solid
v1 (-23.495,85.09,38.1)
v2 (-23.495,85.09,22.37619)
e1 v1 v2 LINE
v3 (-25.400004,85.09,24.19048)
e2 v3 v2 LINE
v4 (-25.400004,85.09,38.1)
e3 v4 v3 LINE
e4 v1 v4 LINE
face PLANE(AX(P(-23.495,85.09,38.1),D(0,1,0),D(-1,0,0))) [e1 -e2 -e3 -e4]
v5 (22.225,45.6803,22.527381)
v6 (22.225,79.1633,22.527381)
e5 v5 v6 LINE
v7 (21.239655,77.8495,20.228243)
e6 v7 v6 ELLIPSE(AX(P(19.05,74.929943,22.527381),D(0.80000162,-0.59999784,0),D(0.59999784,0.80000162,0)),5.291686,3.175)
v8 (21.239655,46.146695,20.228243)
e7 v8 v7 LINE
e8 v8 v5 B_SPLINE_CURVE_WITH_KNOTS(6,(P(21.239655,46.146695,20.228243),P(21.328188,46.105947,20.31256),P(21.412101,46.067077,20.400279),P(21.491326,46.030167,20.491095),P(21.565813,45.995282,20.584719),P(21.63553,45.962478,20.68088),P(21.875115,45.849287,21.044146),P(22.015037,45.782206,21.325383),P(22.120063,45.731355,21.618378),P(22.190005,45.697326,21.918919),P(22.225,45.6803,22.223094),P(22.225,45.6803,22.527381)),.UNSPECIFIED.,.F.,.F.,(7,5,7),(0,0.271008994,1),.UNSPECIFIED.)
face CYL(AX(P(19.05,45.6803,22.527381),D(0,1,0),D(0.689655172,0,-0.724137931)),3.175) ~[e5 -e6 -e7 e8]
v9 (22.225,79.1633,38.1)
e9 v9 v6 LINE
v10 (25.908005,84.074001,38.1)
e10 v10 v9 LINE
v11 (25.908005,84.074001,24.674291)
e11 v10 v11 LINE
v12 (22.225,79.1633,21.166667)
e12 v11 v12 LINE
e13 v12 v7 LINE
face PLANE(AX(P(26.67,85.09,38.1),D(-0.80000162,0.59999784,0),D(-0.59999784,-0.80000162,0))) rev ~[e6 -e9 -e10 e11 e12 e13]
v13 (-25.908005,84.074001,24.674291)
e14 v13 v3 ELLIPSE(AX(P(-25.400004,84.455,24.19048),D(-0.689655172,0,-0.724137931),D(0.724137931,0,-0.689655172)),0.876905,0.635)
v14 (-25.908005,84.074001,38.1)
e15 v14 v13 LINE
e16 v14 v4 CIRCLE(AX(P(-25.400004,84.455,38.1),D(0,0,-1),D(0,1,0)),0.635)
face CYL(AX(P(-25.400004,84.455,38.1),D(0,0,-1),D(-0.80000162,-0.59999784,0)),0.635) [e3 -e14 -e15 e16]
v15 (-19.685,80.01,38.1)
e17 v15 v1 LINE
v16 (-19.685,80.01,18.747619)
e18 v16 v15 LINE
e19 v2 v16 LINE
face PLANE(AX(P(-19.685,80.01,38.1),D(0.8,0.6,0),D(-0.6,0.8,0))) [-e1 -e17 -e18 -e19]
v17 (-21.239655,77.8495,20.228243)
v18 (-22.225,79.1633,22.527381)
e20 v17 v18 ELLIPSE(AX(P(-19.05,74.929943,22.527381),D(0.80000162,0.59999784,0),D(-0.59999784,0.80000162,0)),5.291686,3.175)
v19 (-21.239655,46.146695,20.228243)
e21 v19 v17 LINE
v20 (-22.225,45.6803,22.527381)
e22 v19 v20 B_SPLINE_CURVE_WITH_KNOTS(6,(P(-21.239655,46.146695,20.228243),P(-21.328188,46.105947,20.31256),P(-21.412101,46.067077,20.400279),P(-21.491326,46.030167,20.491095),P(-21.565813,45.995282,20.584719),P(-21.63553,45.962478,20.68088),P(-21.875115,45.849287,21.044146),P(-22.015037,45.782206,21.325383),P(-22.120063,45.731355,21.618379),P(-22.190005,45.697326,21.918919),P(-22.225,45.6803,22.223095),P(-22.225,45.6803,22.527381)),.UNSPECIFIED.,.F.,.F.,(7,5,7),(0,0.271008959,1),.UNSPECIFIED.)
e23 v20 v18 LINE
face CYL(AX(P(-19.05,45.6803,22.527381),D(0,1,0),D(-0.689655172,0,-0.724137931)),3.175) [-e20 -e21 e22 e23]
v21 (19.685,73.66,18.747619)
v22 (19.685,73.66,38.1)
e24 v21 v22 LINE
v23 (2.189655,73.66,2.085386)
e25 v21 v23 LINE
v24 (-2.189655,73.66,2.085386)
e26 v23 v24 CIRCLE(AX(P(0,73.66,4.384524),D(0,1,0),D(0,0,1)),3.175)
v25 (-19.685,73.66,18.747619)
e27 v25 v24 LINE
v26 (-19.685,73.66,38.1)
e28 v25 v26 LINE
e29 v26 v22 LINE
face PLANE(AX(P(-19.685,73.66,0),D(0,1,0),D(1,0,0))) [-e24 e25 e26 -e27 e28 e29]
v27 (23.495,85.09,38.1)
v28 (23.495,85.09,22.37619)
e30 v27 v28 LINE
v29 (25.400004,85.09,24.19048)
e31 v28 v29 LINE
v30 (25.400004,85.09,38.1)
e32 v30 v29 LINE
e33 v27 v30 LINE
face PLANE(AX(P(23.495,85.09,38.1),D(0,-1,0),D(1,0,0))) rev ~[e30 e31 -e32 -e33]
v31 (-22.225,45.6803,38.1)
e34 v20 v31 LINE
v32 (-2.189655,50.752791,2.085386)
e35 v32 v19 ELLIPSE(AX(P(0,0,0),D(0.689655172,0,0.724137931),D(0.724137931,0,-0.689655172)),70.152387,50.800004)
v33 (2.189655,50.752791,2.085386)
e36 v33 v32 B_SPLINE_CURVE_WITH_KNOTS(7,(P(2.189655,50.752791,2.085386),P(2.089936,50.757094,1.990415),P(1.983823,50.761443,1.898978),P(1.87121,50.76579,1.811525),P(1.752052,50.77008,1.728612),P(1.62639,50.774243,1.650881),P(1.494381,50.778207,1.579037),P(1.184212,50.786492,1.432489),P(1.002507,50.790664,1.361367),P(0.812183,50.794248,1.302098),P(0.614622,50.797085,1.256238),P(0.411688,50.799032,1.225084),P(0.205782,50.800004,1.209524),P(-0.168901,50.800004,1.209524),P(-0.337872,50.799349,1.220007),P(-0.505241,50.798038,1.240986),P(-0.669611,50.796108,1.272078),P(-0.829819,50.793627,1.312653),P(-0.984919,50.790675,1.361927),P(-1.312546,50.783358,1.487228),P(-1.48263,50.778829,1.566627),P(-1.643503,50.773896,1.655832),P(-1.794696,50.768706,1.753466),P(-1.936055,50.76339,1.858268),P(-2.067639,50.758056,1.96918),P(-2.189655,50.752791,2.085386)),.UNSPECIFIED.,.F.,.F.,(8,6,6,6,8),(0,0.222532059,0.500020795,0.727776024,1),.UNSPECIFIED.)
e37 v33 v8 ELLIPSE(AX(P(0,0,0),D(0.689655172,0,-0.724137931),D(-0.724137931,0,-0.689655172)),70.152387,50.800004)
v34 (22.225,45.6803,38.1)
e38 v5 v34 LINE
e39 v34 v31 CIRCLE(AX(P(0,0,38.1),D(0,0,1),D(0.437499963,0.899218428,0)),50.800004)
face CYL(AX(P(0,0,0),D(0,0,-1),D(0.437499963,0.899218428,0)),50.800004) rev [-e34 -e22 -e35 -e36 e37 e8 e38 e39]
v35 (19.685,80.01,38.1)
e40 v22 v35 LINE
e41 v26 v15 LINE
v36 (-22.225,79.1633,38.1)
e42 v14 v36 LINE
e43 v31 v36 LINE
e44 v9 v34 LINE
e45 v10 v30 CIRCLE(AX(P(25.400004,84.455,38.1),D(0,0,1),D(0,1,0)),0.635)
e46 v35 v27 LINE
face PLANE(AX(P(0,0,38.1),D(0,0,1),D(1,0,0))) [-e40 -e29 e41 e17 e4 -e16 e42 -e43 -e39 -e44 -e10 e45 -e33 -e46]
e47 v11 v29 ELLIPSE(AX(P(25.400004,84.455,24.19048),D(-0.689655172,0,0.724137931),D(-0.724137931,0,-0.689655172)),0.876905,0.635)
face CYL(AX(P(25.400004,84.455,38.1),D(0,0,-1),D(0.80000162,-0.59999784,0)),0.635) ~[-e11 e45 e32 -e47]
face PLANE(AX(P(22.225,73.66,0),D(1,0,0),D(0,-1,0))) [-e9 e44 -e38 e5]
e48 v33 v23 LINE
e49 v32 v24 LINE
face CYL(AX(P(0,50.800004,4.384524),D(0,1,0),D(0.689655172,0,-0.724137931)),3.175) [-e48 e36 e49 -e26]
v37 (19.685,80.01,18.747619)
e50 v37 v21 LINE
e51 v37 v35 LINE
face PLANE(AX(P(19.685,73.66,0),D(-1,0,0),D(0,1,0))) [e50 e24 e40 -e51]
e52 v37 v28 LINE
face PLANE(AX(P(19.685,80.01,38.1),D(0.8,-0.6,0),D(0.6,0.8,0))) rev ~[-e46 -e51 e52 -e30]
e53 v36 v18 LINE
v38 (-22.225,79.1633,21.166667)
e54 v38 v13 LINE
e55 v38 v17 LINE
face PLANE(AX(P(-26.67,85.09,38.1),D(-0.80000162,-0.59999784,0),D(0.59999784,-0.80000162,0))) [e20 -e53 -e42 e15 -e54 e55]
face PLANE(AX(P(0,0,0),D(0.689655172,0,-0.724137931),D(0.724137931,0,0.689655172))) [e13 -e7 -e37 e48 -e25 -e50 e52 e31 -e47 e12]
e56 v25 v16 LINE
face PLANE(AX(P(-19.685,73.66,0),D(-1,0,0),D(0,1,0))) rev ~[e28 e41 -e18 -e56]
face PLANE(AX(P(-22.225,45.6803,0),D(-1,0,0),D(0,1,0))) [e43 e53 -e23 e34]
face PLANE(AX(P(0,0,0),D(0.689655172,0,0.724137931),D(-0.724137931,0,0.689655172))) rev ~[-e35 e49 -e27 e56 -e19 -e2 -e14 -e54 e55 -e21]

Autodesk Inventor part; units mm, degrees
ref_plane "YZ Plane" through (0, 0, 0) normal (1, 0, 0) x (0, 1, 0)
ref_plane "XZ Plane" through (0, 0, 0) normal (0, 1, 0) x (-1, 0, 0)
ref_plane "XY Plane" through (0, 0, 0) normal (0, 0, 1) x (1, 0, 0)
sketch "Sketch1" plane through (0, 0, 0) normal (0, 0, 1) x (1, 0, 0)
  arc A0 (22.225, 45.6803) -> (-22.225, 45.6803) centre (0, 0) ccw
  line L0 (-22.225, 45.6803) -> (-22.225, 73.66)
  line L1 (-22.225, 73.66) -> (22.225, 73.66)
  line L2 (22.225, 73.66) -> (22.225, 45.6803)
  line L3 (0, 73.66) -> (0, 50.8) construction
  line L4 (-22.225, 73.66) -> (-19.685, 73.66)
  line L5 (-19.685, 73.66) -> (-19.685, 80.01)
  line L6 (-19.685, 80.01) -> (-22.225, 80.01)
  line L7 (-22.225, 80.01) -> (-22.225, 73.66)
  line L8 (22.225, 73.66) -> (19.685, 73.66)
  line L9 (19.685, 73.66) -> (19.685, 80.01)
  line L10 (19.685, 80.01) -> (22.225, 80.01)
  line L11 (22.225, 80.01) -> (22.225, 73.66)
  dimension "d0" = 101.6
  dimension "d1" = 44.45
  dimension "d2" = 22.86
  dimension "d3" = 2.54
  dimension "d4" = 6.35
  dimension "d5" = 2.54
  dimension "d6" = 6.35
extrude "Extrusion1" add sketch "Sketch1" along normal blind 38.1
sketch "Sketch2" plane through (0, 0, 38.1) normal (0, 0, 1) x (1, 0, 0)
  line L0 (-19.685, 80.01) -> (-22.225, 80.01) projected
  line L1 (-22.225, 80.01) -> (-22.225, 45.6803) projected
  line L2 (22.225, 80.01) -> (19.685, 80.01) projected
  line L3 (22.225, 45.6803) -> (22.225, 80.01) projected
  line L4 (-19.685, 80.01) -> (-23.495, 85.09)
  line L5 (-23.495, 85.09) -> (-26.67, 85.09)
  line L6 (-26.67, 85.09) -> (-22.225, 79.1633)
  line L7 (19.685, 80.01) -> (23.495, 85.09)
  line L8 (23.495, 85.09) -> (26.67, 85.09)
  line L9 (26.67, 85.09) -> (22.225, 79.1633)
  line L10 (-23.495, 85.09) -> (23.495, 85.09) construction
  line L11 (19.685, 73.66) -> (-19.685, 73.66) construction
  point P0 (0, 0)
  point P1 (0, 85.09)
  point P2 (0, 73.66)
  dimension "d9" = 2.54
  dimension "d10" = 2.54
  dimension "d11" = 5.08
  dimension "d12" = 46.99
extrude "Extrusion2" add sketch "Sketch2" against normal up to surface (38.1 mm away)
sketch "Sketch3" plane through (0, 0, 0) normal (0, 1, 0) x (-1, 0, 0)
  line L0 (0, 0) -> (26.67, 25.4)
  line L1 (26.67, 38.1) -> (26.67, 0) projected
  line L2 (26.67, 0) -> (23.495, 0) projected
  line L3 (26.67, 0) -> (26.67, 25.4)
  line L4 (26.67, 0) -> (0, 0)
  line L5 (0, 0) -> (-26.67, 25.4)
  line L6 (-26.67, 38.1) -> (-26.67, 0) projected
  line L7 (-26.67, 25.4) -> (-26.67, 0)
  line L8 (-26.67, 0) -> (0, 0)
  dimension "d15" = 25.4
extrude "Extrusion3" cut sketch "Sketch3" along normal through all
fillet "Fillet1" radius 3.175 3 edges at (0, 62.23, 0) (22.225, 62.4218, 21.1667) (-22.225, 62.4218, 21.1667)
fillet "Fillet2" radius 0.635 2 edges at (26.67, 85.09, 31.75) (-26.67, 85.09, 31.75)
equation "\"d10\" = d9"
properties part number "aftMount" material "ABS Plastic"
